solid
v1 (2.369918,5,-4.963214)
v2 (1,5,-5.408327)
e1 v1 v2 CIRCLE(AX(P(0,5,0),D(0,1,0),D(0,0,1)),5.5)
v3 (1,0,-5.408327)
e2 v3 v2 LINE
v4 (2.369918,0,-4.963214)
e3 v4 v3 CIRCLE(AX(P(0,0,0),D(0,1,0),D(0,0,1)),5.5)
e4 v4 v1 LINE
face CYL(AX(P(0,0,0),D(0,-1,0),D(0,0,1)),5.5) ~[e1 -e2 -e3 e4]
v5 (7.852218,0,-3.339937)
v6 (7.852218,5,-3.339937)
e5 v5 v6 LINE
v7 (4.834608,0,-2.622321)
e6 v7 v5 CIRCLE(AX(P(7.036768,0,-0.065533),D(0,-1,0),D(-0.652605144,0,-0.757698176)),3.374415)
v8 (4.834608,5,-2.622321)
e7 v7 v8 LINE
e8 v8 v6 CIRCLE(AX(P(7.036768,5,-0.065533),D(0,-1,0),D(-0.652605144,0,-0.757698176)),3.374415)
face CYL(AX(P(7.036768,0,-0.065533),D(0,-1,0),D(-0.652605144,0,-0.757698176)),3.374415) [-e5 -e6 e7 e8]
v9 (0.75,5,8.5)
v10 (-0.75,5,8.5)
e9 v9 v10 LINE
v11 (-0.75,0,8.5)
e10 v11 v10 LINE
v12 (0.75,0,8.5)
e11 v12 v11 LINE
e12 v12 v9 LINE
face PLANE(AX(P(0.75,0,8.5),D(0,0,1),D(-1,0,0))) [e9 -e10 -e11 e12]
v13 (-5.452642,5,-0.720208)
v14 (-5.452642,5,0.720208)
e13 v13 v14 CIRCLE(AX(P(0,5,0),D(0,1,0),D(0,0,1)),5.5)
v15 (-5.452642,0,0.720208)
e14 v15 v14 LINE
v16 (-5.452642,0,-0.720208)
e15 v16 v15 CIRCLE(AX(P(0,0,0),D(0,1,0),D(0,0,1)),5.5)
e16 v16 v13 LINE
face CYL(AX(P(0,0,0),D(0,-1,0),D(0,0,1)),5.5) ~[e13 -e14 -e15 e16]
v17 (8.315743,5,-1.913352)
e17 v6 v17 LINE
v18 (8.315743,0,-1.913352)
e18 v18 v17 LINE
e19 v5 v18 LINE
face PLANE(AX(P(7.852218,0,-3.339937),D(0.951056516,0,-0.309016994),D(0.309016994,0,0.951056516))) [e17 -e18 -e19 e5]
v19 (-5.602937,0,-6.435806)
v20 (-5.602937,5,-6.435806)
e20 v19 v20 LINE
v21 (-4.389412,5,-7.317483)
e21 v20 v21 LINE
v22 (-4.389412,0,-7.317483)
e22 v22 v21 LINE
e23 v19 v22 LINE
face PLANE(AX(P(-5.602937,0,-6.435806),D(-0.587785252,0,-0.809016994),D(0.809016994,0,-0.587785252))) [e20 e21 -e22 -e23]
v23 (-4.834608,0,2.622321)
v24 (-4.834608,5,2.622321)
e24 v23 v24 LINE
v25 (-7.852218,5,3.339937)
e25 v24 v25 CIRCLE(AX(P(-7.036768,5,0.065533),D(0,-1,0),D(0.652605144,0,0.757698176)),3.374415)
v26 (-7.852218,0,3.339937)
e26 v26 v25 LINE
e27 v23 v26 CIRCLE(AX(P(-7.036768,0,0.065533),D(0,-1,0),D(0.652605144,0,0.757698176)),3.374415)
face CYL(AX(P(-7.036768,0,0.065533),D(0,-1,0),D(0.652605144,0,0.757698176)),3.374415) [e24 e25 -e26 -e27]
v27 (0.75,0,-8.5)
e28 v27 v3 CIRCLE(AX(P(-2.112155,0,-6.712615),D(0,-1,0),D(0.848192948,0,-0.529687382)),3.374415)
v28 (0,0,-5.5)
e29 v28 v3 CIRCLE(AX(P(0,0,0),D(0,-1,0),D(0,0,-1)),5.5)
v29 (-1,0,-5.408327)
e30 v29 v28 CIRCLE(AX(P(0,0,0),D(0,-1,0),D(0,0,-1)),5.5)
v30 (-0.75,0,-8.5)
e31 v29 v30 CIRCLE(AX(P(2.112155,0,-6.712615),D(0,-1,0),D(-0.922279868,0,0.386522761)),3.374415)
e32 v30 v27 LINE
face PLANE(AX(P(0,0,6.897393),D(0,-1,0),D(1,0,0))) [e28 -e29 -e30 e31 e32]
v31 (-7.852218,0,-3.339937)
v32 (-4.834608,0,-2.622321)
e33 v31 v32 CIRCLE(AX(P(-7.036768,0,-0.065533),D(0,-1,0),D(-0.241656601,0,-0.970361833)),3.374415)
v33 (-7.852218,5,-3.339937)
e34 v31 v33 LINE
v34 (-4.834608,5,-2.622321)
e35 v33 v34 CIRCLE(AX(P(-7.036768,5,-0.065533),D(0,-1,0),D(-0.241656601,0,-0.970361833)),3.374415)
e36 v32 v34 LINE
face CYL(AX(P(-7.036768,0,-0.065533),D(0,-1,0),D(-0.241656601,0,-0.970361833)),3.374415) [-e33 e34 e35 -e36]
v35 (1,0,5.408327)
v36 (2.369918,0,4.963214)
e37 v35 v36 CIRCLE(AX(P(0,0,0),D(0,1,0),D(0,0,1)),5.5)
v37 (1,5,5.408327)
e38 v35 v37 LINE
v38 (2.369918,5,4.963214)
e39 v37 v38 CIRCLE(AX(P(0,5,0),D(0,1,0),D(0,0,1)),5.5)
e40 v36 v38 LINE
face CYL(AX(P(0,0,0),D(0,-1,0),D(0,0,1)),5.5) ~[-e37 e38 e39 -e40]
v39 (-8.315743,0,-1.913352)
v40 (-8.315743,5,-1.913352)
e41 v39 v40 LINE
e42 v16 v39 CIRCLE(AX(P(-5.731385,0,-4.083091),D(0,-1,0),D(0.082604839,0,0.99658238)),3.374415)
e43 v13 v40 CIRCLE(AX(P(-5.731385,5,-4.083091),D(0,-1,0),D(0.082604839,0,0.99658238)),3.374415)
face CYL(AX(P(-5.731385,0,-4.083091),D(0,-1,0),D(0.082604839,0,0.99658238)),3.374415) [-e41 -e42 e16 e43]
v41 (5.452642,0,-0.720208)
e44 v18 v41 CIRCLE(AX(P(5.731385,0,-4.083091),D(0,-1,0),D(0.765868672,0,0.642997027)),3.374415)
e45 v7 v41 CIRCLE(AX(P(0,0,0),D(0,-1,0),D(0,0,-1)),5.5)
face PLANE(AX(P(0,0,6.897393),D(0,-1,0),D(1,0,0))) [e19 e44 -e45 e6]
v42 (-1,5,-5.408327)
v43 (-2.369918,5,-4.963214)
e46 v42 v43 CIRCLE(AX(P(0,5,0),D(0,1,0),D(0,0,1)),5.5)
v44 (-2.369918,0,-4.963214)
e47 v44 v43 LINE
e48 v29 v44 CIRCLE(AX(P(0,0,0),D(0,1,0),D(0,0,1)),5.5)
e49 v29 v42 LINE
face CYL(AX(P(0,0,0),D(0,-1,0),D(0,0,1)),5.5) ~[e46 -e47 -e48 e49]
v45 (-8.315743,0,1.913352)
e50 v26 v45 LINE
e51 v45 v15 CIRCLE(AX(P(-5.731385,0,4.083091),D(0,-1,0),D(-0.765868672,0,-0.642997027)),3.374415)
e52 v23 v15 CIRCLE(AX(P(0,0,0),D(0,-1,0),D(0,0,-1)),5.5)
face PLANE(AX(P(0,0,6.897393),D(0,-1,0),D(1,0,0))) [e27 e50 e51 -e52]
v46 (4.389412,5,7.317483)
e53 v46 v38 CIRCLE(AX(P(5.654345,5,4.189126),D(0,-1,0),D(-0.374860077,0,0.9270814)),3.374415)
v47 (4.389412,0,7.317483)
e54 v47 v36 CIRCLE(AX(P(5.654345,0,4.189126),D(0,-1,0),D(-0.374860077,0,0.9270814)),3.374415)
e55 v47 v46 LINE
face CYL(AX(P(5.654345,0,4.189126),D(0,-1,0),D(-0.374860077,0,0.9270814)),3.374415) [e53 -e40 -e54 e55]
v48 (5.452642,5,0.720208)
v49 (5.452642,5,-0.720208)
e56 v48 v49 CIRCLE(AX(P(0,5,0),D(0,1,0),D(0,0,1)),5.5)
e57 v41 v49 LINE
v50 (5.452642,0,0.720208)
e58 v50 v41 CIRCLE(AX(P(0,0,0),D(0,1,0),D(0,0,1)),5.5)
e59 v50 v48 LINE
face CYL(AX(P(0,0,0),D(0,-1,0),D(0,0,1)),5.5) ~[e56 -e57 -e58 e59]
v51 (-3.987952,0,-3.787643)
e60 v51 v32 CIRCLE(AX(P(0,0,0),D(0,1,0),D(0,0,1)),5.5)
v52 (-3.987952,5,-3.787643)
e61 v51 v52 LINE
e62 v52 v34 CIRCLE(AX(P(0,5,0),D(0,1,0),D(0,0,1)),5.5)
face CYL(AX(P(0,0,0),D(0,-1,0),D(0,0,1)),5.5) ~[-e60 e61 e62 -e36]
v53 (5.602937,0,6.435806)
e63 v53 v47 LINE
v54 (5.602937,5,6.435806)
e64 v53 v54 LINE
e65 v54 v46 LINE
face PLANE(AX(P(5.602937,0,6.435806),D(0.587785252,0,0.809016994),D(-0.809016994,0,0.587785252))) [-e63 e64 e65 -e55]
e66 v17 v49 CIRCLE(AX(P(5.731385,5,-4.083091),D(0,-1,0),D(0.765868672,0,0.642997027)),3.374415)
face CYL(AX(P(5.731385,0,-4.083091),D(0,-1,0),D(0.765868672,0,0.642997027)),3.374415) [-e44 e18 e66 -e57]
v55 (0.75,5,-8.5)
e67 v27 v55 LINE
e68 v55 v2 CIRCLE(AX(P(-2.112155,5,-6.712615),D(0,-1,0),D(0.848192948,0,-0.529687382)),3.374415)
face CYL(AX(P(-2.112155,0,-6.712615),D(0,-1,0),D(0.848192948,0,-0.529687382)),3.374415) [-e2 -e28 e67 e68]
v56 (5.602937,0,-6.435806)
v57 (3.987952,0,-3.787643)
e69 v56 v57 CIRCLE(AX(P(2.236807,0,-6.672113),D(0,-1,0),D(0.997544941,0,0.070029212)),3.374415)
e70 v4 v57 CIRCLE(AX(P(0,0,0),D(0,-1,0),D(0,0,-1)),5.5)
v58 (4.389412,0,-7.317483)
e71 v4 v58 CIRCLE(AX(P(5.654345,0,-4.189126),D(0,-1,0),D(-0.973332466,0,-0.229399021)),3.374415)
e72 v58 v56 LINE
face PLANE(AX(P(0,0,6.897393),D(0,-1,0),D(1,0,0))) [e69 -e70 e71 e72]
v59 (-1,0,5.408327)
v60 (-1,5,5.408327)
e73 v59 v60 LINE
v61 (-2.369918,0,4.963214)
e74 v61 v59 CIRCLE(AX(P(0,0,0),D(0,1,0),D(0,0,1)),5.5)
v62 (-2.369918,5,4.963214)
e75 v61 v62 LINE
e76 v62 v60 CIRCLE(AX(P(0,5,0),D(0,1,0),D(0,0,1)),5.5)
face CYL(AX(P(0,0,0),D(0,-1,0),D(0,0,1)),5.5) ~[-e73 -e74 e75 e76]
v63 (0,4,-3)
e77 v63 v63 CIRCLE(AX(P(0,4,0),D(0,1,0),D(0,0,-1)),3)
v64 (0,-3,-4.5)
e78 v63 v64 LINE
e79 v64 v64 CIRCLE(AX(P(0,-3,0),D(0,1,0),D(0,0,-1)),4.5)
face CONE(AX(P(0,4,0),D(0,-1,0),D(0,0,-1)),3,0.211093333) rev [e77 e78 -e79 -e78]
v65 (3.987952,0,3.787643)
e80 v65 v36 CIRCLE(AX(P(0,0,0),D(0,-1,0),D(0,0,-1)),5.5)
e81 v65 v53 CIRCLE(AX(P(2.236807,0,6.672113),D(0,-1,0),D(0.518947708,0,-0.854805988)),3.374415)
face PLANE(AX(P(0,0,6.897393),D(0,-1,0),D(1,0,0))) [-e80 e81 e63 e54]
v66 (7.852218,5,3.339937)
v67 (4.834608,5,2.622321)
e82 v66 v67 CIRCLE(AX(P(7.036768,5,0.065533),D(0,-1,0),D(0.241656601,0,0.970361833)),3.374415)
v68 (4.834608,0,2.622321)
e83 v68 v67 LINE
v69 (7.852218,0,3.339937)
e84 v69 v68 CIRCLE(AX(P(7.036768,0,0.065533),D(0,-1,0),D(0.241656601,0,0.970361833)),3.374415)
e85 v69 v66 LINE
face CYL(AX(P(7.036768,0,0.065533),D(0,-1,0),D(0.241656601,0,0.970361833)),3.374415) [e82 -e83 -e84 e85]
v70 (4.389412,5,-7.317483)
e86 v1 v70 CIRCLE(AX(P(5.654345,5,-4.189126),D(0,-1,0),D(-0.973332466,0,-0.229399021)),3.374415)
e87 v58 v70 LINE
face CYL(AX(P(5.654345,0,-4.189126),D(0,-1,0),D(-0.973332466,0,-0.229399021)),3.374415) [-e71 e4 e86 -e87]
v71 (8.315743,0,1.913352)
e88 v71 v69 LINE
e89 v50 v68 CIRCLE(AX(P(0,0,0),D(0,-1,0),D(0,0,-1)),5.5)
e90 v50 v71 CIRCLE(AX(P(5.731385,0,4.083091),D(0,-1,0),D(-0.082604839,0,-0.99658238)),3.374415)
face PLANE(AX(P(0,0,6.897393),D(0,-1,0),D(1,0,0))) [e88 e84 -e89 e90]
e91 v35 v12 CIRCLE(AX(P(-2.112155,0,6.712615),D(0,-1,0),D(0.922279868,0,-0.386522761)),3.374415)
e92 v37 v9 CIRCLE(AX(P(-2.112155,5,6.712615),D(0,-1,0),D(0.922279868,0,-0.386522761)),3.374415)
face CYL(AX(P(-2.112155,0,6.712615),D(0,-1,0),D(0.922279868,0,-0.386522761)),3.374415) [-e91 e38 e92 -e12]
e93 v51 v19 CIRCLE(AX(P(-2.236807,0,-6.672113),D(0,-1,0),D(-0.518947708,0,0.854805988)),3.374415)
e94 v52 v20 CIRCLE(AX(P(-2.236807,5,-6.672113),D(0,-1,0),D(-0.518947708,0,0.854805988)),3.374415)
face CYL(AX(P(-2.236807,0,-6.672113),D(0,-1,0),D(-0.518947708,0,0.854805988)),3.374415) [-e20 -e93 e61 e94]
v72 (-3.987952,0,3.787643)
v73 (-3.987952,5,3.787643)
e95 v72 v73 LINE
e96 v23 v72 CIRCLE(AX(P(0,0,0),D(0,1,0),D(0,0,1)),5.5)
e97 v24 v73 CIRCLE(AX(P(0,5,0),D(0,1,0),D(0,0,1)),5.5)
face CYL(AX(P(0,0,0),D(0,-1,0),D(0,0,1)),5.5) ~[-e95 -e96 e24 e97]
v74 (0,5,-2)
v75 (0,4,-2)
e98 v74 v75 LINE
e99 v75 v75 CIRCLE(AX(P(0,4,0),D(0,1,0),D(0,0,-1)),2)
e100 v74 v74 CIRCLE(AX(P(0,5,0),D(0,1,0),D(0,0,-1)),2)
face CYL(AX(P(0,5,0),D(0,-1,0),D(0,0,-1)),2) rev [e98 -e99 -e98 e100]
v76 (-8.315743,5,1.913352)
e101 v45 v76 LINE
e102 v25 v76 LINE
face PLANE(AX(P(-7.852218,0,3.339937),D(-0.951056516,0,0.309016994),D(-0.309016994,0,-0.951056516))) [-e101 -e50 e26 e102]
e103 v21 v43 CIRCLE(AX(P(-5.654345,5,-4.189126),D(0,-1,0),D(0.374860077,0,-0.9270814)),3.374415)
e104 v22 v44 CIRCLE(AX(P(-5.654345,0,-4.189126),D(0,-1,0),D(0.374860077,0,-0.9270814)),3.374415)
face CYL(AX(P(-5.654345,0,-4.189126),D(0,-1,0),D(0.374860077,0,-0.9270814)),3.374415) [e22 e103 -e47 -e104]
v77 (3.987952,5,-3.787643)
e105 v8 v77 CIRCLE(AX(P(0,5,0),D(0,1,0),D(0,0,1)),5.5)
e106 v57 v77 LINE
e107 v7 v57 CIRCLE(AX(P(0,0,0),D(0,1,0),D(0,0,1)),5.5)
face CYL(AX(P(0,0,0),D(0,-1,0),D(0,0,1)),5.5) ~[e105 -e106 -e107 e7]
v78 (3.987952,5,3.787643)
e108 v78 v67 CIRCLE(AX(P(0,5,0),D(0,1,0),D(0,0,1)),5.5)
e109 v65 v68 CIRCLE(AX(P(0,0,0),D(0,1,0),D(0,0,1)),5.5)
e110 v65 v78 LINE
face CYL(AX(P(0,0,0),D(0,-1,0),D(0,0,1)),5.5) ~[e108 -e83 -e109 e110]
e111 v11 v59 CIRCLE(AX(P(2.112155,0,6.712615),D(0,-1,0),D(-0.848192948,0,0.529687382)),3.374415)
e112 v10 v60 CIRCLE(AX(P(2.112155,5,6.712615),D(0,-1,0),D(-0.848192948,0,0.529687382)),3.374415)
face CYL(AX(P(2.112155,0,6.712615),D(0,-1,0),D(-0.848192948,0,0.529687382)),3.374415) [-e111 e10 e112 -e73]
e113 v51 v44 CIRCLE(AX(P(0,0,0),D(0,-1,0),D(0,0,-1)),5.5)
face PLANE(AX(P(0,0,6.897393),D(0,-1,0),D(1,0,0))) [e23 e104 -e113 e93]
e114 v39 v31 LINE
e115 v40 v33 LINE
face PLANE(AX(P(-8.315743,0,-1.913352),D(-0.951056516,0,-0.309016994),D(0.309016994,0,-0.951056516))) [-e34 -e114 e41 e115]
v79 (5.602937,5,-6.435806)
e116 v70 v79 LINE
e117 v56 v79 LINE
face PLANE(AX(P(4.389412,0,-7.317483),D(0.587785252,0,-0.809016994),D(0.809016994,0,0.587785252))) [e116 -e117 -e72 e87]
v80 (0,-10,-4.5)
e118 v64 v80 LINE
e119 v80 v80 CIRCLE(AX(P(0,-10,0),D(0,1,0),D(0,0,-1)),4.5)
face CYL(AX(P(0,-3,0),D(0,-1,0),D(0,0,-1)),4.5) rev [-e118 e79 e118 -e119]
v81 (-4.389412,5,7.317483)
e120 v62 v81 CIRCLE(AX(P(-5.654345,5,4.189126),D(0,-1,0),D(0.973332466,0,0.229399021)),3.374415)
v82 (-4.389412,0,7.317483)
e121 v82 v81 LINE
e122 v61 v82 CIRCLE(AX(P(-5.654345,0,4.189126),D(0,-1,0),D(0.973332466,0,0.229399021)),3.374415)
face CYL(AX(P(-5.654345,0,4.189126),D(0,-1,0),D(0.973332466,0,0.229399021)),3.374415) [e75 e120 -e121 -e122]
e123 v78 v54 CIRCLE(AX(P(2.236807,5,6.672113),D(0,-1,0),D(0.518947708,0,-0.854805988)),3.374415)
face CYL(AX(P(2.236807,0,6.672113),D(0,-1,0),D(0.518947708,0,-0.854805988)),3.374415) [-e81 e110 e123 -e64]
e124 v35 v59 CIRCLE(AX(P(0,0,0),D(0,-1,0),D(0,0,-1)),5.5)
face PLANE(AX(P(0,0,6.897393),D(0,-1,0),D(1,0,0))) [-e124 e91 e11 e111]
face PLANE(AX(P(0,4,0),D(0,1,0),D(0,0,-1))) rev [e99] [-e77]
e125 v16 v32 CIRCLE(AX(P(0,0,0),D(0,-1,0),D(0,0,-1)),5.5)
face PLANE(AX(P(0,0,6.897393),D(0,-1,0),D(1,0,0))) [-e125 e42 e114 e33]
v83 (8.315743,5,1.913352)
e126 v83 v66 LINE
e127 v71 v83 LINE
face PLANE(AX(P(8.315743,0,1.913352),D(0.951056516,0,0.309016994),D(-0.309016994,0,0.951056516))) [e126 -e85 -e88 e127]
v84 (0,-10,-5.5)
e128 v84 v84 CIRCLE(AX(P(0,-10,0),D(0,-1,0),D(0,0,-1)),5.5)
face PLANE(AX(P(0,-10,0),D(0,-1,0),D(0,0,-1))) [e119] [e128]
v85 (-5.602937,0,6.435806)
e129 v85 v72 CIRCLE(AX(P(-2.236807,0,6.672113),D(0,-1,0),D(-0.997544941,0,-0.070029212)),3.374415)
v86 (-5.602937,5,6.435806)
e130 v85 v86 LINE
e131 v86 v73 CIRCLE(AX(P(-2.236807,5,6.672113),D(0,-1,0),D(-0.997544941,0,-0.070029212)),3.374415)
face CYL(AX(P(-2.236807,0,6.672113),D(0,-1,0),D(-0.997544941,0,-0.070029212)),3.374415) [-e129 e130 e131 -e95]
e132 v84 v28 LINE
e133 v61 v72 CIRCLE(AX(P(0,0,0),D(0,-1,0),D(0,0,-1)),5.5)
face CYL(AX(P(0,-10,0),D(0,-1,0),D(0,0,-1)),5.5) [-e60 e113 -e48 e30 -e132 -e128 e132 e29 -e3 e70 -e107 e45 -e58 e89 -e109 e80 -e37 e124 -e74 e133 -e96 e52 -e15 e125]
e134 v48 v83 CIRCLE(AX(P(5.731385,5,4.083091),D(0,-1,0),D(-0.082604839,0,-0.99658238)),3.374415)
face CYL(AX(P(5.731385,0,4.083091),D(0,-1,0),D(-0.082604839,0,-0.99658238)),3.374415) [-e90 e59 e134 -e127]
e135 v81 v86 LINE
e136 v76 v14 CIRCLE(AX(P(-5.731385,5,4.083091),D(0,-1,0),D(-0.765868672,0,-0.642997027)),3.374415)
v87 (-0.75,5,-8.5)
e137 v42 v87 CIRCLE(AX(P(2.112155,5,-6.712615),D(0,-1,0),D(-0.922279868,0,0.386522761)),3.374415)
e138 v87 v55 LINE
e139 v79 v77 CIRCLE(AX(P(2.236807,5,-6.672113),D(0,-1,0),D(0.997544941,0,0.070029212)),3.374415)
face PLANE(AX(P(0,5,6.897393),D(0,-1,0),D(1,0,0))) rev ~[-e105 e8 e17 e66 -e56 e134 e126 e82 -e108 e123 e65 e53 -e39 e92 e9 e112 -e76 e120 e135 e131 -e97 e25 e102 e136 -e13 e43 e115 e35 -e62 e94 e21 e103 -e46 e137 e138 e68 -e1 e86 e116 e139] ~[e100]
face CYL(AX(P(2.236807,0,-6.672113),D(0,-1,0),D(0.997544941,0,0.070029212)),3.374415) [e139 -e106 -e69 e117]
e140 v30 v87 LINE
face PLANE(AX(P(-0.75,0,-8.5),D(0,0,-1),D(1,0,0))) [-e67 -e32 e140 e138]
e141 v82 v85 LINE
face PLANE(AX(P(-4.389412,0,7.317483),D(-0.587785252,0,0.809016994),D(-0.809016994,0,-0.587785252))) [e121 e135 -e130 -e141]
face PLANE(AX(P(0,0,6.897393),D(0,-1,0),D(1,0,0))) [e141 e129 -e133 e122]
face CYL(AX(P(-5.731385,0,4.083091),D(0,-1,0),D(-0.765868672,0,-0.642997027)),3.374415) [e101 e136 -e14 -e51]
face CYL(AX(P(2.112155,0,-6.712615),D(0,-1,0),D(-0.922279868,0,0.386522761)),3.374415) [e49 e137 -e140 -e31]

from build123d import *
from build123d.topology import SkipClean

# Parameters (mm, degrees)
SKETCH_1_R      = 5.5
EXTRUDE_1_DEPTH = 5
EXTRUDE_START   = -5
EXTRUDE_2_DEPTH = 5
EXTRUDE_START_2 = 10
SKETCH_3_R      = 5.5
EXTRUDE_3_DEPTH = 10


with BuildPart() as part:
    # 草图1 → 凸台-拉伸1 (new body)
    with BuildSketch(Plane(origin=(0, 0, 0), x_dir=(1, 0, 0), z_dir=(0, 1, 0))):
        with Locations(Location((0, 0, 0), (0, 0, 270))):
            Circle(SKETCH_1_R)
    extrude(amount=EXTRUDE_1_DEPTH)

    # 草图2 → 凸台-拉伸2 (add)
    with BuildSketch(Plane(origin=(0, 5, 0), x_dir=(-1, 0, 0), z_dir=(0, 1, 0)).offset(EXTRUDE_START)):
        with BuildLine():
            Line((-4.389411899, -7.317483391), (-5.60293739, -6.435805513))
            ThreePointArc((-5.60293739, -6.435805513), (-5.11774735, -4.915167527), (-3.987951794, -3.787643132))
            ThreePointArc((-3.987951794, -3.787643132), (-3.232818888, -4.449593469), (-2.369917805, -4.963213636))
            ThreePointArc((-2.369917805, -4.963213636), (-3.093131201, -6.386137262), (-4.389411899, -7.317483391))
        make_face()
        with BuildLine():
            Line((-7.852217643, -3.339936839), (-8.315743134, -1.913352065))
            ThreePointArc((-8.315743134, -1.913352065), (-7.029407564, -0.968317642), (-5.452641547, -0.720208411))
            ThreePointArc((-5.452641547, -0.720208411), (-5.23081084, -1.699593469), (-4.834607559, -2.622321444))
            ThreePointArc((-4.834607559, -2.622321444), (-6.256073009, -3.34839667), (-7.852217643, -3.339936839))
        make_face()
        with BuildLine():
            Line((-8.315743134, 1.913352065), (-7.852217643, 3.339936839))
            ThreePointArc((-7.852217643, 3.339936839), (-6.256073009, 3.34839667), (-4.834607559, 2.622321444))
            ThreePointArc((-4.834607559, 2.622321444), (-5.23081084, 1.699593469), (-5.452641547, 0.720208411))
            ThreePointArc((-5.452641547, 0.720208411), (-7.029407564, 0.968317642), (-8.315743134, 1.913352065))
        make_face()
        with BuildLine():
            Line((-5.60293739, 6.435805513), (-4.389411899, 7.317483391))
            ThreePointArc((-4.389411899, 7.317483391), (-3.093131201, 6.386137262), (-2.369917805, 4.963213636))
            ThreePointArc((-2.369917805, 4.963213636), (-3.232818888, 4.449593469), (-3.987951794, 3.787643132))
            ThreePointArc((-3.987951794, 3.787643132), (-5.11774735, 4.915167527), (-5.60293739, 6.435805513))
        make_face()
        with BuildLine():
            Line((-0.75, 8.5), (0.75, 8.5))
            ThreePointArc((0.75, 8.5), (1.251281594, 6.984590476), (1, 5.408326913))
            ThreePointArc((1, 5.408326913), (0, 5.5), (-1, 5.408326913))
            ThreePointArc((-1, 5.408326913), (-1.251281594, 6.984590476), (-0.75, 8.5))
        make_face()
        with BuildLine():
            Line((4.389411899, 7.317483391), (5.60293739, 6.435805513))
            ThreePointArc((5.60293739, 6.435805513), (5.11774735, 4.915167527), (3.987951794, 3.787643132))
            ThreePointArc((3.987951794, 3.787643132), (3.232818888, 4.449593469), (2.369917805, 4.963213636))
            ThreePointArc((2.369917805, 4.963213636), (3.093131201, 6.386137262), (4.389411899, 7.317483391))
        make_face()
        with BuildLine():
            Line((0.75, -8.5), (-0.75, -8.5))
            ThreePointArc((-0.75, -8.5), (-1.251281594, -6.984590476), (-1, -5.408326913))
            ThreePointArc((-1, -5.408326913), (0, -5.5), (1, -5.408326913))
            ThreePointArc((1, -5.408326913), (1.251281594, -6.984590476), (0.75, -8.5))
        make_face()
        with BuildLine():
            Line((7.852217643, 3.339936839), (8.315743134, 1.913352065))
            ThreePointArc((8.315743134, 1.913352065), (7.029407564, 0.968317642), (5.452641547, 0.720208411))
            ThreePointArc((5.452641547, 0.720208411), (5.23081084, 1.699593469), (4.834607559, 2.622321444))
            ThreePointArc((4.834607559, 2.622321444), (6.256073009, 3.34839667), (7.852217643, 3.339936839))
        make_face()
        with BuildLine():
            Line((8.315743134, -1.913352065), (7.852217643, -3.339936839))
            ThreePointArc((7.852217643, -3.339936839), (6.256073009, -3.34839667), (4.834607559, -2.622321444))
            ThreePointArc((4.834607559, -2.622321444), (5.23081084, -1.699593469), (5.452641547, -0.720208411))
            ThreePointArc((5.452641547, -0.720208411), (7.029407564, -0.968317642), (8.315743134, -1.913352065))
        make_face()
        with BuildLine():
            Line((5.60293739, -6.435805513), (4.389411899, -7.317483391))
            ThreePointArc((4.389411899, -7.317483391), (3.093131201, -6.386137262), (2.369917805, -4.963213636))
            ThreePointArc((2.369917805, -4.963213636), (3.232818888, -4.449593469), (3.987951794, -3.787643132))
            ThreePointArc((3.987951794, -3.787643132), (5.11774735, -4.915167527), (5.60293739, -6.435805513))
        make_face()
    extrude(amount=EXTRUDE_2_DEPTH)

    # 草图3 → 凸台-拉伸3 (add)
    with SkipClean():  # the faces are left unmerged after this step: merging them gives an invalid solid
        with BuildSketch(Plane.XZ.offset(EXTRUDE_START_2)):
            with Locations(Location((0, 0, 0), (0, 0, 270))):
                Circle(SKETCH_3_R)
        extrude(amount=-EXTRUDE_3_DEPTH)

    # 草图4 → 切除-旋转1 (revolve, cut)
    with SkipClean():  # the faces are left unmerged after this step: merging them gives an invalid solid
        with BuildSketch(Plane.XY, mode=Mode.PRIVATE) as cut_revolve_1_sk:
            Polygon((0, -10), (0, -3), (0, 4), (0, 5), (2, 5), (2, 4), (3, 4), (4.5, -3), (4.5, -10), align=None)
        revolve(cut_revolve_1_sk.sketch.rotate(Axis((0, -3, 0), (0, 1, 0)), 90), axis=Axis((0, -3, 0), (0, 1, 0)), mode=Mode.SUBTRACT)


solid = part.part
